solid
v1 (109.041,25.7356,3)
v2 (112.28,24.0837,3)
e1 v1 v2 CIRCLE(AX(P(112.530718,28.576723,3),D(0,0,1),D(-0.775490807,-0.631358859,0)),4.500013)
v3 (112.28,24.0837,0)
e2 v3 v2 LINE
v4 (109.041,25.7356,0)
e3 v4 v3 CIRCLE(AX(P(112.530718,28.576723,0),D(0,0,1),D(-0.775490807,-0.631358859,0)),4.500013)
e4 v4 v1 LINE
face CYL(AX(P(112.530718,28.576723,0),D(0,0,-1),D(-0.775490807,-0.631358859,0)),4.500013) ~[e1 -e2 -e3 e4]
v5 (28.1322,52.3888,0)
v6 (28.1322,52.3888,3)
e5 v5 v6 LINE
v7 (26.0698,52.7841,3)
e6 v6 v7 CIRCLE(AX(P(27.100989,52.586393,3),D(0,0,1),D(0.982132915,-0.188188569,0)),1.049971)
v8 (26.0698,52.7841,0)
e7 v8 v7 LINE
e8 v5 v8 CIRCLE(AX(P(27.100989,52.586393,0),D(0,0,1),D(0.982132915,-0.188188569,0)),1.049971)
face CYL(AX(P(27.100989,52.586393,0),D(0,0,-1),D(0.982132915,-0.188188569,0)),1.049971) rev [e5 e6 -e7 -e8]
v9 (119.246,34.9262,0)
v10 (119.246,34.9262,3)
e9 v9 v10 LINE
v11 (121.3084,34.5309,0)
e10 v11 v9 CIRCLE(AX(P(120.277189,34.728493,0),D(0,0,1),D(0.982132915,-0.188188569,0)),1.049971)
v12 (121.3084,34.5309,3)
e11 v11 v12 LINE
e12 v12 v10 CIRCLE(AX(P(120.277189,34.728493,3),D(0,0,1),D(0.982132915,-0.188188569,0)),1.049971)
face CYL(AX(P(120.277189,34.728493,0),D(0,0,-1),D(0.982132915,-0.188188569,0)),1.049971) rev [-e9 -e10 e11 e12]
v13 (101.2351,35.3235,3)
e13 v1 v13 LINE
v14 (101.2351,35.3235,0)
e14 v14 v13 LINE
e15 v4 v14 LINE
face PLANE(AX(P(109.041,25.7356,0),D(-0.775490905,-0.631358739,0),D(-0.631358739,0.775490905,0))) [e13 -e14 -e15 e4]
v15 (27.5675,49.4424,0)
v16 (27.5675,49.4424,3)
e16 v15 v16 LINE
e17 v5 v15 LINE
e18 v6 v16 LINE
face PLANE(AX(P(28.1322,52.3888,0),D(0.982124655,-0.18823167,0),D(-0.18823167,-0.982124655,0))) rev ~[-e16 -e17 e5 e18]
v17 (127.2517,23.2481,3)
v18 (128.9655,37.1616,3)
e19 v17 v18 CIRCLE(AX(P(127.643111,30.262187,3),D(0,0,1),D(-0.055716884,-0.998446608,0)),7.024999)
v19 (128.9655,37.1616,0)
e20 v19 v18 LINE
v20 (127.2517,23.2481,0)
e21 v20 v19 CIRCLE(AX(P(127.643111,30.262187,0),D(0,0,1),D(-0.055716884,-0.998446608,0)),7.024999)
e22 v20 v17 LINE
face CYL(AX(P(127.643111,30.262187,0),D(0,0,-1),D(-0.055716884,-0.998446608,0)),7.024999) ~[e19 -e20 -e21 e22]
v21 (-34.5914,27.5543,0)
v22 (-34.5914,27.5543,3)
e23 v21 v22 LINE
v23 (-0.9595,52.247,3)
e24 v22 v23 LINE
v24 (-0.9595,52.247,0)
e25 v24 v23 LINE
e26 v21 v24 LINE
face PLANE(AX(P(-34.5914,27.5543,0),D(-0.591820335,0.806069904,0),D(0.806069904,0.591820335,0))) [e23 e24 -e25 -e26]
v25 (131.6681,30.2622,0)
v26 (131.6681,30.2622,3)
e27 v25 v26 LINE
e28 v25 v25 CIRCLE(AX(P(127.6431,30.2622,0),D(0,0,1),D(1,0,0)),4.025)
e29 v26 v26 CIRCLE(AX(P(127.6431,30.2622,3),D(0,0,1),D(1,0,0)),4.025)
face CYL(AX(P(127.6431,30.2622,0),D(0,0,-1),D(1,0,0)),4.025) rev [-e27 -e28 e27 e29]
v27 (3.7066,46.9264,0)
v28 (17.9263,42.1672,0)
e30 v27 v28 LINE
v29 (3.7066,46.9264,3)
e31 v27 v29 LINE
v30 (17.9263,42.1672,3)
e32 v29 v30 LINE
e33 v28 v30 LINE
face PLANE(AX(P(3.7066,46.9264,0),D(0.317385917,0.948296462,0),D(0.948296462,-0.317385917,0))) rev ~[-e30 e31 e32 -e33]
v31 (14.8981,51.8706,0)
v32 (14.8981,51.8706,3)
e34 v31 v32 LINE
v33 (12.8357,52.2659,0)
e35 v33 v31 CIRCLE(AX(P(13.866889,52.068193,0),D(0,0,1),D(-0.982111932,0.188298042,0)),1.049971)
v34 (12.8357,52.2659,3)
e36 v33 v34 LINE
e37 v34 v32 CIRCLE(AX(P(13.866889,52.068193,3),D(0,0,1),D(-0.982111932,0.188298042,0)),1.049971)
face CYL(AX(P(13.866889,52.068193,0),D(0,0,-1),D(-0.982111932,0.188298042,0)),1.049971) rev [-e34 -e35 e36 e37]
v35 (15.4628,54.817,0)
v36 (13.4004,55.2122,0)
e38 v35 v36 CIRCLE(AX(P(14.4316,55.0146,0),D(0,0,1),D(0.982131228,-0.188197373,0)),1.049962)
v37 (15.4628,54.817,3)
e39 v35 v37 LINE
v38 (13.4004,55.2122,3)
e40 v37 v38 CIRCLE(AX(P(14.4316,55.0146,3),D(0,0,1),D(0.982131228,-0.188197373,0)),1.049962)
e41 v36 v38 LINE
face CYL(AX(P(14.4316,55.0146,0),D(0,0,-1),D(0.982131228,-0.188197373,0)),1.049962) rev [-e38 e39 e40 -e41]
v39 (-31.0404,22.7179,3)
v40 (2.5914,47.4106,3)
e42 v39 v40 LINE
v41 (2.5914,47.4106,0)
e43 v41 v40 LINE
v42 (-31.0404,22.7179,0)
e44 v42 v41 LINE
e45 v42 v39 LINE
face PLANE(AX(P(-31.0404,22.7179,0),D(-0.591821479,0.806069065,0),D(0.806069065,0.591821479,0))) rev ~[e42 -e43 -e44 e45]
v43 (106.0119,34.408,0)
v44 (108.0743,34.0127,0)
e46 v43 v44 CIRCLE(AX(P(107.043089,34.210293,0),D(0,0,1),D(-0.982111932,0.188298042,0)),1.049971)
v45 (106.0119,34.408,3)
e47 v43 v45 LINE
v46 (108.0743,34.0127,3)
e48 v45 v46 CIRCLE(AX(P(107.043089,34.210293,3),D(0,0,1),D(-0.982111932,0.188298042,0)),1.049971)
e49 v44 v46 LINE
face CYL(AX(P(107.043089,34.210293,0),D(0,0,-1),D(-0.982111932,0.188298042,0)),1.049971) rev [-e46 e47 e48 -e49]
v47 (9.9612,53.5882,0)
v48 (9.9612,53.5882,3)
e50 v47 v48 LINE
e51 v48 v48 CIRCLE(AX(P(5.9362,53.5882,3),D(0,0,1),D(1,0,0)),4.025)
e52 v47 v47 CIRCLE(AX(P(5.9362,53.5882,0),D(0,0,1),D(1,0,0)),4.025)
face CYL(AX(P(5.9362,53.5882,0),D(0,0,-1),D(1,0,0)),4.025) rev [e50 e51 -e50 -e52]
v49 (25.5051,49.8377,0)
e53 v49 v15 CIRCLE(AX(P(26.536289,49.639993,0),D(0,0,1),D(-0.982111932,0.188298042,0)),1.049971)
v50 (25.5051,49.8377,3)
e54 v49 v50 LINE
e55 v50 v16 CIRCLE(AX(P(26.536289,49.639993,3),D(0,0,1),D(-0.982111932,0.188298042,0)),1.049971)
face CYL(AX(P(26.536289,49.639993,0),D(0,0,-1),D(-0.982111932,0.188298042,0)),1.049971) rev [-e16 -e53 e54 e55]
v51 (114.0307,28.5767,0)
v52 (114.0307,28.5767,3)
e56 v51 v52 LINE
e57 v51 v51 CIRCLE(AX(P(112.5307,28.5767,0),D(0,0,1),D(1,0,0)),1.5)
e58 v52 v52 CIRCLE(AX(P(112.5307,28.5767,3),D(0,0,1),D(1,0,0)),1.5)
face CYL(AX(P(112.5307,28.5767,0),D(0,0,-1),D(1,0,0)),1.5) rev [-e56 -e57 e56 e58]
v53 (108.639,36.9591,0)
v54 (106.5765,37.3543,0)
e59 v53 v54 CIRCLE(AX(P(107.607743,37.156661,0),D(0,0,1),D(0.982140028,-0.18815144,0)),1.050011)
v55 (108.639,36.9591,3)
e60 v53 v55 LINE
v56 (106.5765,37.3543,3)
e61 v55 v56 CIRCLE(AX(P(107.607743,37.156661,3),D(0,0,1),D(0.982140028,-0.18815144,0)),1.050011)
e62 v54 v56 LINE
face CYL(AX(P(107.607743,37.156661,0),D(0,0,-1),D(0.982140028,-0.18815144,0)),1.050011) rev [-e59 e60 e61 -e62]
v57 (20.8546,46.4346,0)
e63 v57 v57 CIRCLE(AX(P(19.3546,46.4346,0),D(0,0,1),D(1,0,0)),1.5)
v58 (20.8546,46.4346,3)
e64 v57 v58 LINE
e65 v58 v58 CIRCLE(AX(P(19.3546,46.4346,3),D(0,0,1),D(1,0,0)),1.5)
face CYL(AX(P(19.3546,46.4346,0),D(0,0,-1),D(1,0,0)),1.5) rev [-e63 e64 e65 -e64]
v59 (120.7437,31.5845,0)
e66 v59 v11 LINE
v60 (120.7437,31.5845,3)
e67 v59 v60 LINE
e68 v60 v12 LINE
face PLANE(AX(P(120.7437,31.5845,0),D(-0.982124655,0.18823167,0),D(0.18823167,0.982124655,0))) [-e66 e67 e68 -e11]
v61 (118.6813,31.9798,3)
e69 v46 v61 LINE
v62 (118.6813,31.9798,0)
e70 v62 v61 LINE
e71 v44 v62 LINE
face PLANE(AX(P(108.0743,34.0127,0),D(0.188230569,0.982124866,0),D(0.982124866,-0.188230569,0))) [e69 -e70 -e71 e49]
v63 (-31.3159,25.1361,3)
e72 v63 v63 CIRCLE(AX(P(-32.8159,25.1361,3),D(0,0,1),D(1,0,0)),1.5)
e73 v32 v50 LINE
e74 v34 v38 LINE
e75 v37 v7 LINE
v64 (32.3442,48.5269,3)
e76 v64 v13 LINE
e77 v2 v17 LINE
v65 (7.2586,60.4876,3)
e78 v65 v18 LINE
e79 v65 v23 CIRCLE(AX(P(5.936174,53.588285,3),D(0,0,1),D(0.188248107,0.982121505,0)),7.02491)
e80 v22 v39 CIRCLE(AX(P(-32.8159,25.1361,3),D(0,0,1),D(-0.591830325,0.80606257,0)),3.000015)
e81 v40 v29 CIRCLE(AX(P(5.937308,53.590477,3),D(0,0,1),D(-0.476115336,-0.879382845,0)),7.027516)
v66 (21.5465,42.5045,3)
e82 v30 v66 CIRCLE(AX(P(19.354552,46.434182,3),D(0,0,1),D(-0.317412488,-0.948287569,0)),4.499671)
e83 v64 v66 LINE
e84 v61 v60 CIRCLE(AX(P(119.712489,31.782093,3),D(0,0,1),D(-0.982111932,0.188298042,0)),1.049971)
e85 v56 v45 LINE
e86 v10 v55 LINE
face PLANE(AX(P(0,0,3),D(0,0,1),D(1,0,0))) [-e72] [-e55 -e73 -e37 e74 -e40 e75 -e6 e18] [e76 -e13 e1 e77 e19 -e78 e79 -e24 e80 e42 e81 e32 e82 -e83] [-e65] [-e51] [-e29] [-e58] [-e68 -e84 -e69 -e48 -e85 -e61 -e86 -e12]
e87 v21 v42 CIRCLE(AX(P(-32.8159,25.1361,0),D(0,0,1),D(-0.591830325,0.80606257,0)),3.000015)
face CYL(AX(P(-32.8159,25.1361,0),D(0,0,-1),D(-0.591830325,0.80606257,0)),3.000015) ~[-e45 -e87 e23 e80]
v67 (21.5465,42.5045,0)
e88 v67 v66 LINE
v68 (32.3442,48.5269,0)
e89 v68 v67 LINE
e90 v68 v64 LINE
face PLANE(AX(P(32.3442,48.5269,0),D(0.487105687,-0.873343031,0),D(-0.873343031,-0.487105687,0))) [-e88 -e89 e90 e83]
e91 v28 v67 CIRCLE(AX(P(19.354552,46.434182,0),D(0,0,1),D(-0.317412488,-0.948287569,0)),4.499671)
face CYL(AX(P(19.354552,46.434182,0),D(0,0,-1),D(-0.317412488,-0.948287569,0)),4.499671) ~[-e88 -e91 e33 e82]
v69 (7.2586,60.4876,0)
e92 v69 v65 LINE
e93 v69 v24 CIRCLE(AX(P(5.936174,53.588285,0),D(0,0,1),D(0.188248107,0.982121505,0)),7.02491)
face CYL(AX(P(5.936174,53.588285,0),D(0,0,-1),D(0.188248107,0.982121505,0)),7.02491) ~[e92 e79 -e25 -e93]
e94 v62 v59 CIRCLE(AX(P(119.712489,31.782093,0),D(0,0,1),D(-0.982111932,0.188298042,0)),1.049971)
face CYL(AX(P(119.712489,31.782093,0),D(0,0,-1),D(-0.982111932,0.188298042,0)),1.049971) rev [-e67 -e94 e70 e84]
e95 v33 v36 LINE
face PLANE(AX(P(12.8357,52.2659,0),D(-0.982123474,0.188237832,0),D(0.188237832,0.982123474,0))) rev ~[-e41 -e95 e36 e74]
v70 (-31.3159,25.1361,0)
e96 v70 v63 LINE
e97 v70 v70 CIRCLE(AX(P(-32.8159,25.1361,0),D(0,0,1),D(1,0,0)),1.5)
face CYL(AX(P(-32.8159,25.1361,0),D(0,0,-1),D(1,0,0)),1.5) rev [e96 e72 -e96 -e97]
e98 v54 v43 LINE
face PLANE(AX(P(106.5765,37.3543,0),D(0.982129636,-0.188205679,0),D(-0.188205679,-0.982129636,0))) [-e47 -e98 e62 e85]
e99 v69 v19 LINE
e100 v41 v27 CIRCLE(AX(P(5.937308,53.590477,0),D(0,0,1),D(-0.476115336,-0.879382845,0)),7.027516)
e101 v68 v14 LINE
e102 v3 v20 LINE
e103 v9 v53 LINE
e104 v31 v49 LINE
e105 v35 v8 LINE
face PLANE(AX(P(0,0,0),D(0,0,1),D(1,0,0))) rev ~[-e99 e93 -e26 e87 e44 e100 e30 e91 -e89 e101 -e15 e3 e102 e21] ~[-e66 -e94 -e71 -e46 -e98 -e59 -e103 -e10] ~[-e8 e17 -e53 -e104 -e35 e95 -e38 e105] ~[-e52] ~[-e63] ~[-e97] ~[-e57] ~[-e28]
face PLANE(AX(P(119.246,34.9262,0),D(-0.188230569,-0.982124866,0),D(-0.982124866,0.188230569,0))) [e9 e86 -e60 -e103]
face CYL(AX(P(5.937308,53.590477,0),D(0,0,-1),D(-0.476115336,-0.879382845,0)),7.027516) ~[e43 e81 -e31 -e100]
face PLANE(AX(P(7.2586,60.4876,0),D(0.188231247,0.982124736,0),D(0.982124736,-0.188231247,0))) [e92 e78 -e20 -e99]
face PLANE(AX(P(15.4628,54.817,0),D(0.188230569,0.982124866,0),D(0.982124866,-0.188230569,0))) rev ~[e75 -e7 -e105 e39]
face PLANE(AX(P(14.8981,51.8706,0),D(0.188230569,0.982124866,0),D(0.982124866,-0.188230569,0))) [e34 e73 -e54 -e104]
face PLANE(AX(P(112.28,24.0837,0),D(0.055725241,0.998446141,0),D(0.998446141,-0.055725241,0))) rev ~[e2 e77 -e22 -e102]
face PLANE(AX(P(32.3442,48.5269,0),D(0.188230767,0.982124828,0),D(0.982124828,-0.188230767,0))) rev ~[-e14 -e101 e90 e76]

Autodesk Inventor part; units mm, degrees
ref_plane "YZ Plane" through (0, 0, 0) normal (1, 0, 0) x (0, 1, 0)
ref_plane "XZ Plane" through (0, 0, 0) normal (0, 1, 0) x (-1, 0, 0)
ref_plane "XY Plane" through (0, 0, 0) normal (0, 0, 1) x (1, 0, 0)
sketch "スケッチ2" plane through (0, 0, 0) normal (0, 0, 1) x (1, 0, 0)
  circle A0 centre (127.6431, 30.2622) radius 1.5
  circle A1 centre (5.9362, 53.5882) radius 1.5
  line L0 (5.9362, 53.5882) -> (127.6431, 30.2622) construction
  circle A2 centre (5.9362, 53.5882) radius 4.025
  circle A3 centre (127.6431, 30.2622) radius 4.025
  arc A4 (127.2517, 23.2481) -> (128.9655, 37.1616) centre (127.6431, 30.2622) ccw
  line L1 (12.8357, 52.2659) -> (13.4004, 55.2122)
  line L2 (15.4628, 54.817) -> (26.0698, 52.7841)
  line L3 (28.1322, 52.3888) -> (27.5675, 49.4424)
  line L4 (14.8981, 51.8706) -> (25.5051, 49.8377)
  line L5 (120.7437, 31.5845) -> (121.3084, 34.5309)
  line L6 (119.246, 34.9262) -> (108.639, 36.9591)
  line L7 (106.5765, 37.3543) -> (106.0119, 34.408)
  line L8 (108.0743, 34.0127) -> (118.6813, 31.9798)
  circle A5 centre (19.3546, 46.4346) radius 3
  circle A6 centre (112.5307, 28.5767) radius 3
  line L9 (7.2586, 60.4876) -> (128.9655, 37.1616)
  arc A7 (17.9263, 42.1672) -> (21.5465, 42.5045) centre (19.3546, 46.4346) ccw
  arc A8 (109.041, 25.7356) -> (112.28, 24.0837) centre (112.5307, 28.5767) ccw
  line L10 (3.7066, 46.9264) -> (17.9263, 42.1672)
  line L11 (112.28, 24.0837) -> (127.2517, 23.2481)
  circle A9 centre (19.3546, 46.4346) radius 1.5
  circle A10 centre (112.5307, 28.5767) radius 1.5
  line L12 (32.3442, 48.5269) -> (21.5465, 42.5045)
  line L13 (109.041, 25.7356) -> (101.2351, 35.3235)
  line L14 (32.3442, 48.5269) -> (101.2351, 35.3235)
  arc A11 (108.639, 36.9591) -> (106.5765, 37.3543) centre (107.6078, 37.1567) ccw
  arc A12 (106.0119, 34.408) -> (108.0743, 34.0127) centre (107.0431, 34.2103) ccw
  arc A13 (121.3084, 34.5309) -> (119.246, 34.9262) centre (120.2772, 34.7285) ccw
  arc A14 (118.6813, 31.9798) -> (120.7437, 31.5845) centre (119.7125, 31.7821) ccw
  arc A15 (28.1322, 52.3888) -> (26.0698, 52.7841) centre (27.101, 52.5864) ccw
  arc A16 (25.5051, 49.8377) -> (27.5675, 49.4424) centre (26.5363, 49.64) ccw
  arc A17 (15.4628, 54.817) -> (13.4004, 55.2122) centre (14.4316, 55.0146) ccw
  arc A18 (12.8357, 52.2659) -> (14.8981, 51.8706) centre (13.8669, 52.0682) ccw
  line L15 (5.9362, 53.5882) -> (-32.8159, 25.1361) construction
  circle A19 centre (-32.8159, 25.1361) radius 1.5
  arc A20 (-34.5914, 27.5543) -> (-31.0404, 22.7179) centre (-32.8159, 25.1361) ccw
  line L16 (-34.5914, 27.5543) -> (-0.9595, 52.247)
  line L17 (-31.0404, 22.7179) -> (2.5914, 47.4106)
  arc A21 (7.2586, 60.4876) -> (-0.9595, 52.247) centre (5.9362, 53.5882) ccw
  arc A22 (2.5914, 47.4106) -> (3.7066, 46.9264) centre (5.9362, 53.5882) ccw
  point P0 (0, 0)
  point P1 (0, 0)
  dimension "d31" = 8.05
  dimension "d32" = 8.05
  dimension "d33" = 3
  dimension "d34" = 3
  dimension "d35" = 15
  dimension "d36" = 3
  dimension "d37" = 15
  dimension "d38" = 6
  dimension "d39" = 6
  dimension "d40" = 9
  dimension "d41" = 9
  dimension "d42" = 3
  dimension "d43" = 3
  dimension "d44" = 7.5
  dimension "d45" = 7.5
  dimension "d46" = 40
  dimension "d47" = 40
  dimension "d48" = 2.1
  dimension "d49" = 2.1
  dimension "d50" = 2.1
  dimension "d51" = 2.1
  dimension "d52" = 2.1
  dimension "d53" = 2.1
  dimension "d54" = 2.1
  dimension "d55" = 2.1
  dimension "d56" = 3
  dimension "d57" = 6
  dimension "d58" = 3
  dimension "d59" = 3
extrude "押し出し2" add sketch "スケッチ2" along normal blind 3 contours L11 A8 L13 L14 L12 A7 L10 A22 L17 A20 L16 A21 L9 A4 | A5 | A6
equation "\"d47\" = d46"
properties part number "台形サスバー"
